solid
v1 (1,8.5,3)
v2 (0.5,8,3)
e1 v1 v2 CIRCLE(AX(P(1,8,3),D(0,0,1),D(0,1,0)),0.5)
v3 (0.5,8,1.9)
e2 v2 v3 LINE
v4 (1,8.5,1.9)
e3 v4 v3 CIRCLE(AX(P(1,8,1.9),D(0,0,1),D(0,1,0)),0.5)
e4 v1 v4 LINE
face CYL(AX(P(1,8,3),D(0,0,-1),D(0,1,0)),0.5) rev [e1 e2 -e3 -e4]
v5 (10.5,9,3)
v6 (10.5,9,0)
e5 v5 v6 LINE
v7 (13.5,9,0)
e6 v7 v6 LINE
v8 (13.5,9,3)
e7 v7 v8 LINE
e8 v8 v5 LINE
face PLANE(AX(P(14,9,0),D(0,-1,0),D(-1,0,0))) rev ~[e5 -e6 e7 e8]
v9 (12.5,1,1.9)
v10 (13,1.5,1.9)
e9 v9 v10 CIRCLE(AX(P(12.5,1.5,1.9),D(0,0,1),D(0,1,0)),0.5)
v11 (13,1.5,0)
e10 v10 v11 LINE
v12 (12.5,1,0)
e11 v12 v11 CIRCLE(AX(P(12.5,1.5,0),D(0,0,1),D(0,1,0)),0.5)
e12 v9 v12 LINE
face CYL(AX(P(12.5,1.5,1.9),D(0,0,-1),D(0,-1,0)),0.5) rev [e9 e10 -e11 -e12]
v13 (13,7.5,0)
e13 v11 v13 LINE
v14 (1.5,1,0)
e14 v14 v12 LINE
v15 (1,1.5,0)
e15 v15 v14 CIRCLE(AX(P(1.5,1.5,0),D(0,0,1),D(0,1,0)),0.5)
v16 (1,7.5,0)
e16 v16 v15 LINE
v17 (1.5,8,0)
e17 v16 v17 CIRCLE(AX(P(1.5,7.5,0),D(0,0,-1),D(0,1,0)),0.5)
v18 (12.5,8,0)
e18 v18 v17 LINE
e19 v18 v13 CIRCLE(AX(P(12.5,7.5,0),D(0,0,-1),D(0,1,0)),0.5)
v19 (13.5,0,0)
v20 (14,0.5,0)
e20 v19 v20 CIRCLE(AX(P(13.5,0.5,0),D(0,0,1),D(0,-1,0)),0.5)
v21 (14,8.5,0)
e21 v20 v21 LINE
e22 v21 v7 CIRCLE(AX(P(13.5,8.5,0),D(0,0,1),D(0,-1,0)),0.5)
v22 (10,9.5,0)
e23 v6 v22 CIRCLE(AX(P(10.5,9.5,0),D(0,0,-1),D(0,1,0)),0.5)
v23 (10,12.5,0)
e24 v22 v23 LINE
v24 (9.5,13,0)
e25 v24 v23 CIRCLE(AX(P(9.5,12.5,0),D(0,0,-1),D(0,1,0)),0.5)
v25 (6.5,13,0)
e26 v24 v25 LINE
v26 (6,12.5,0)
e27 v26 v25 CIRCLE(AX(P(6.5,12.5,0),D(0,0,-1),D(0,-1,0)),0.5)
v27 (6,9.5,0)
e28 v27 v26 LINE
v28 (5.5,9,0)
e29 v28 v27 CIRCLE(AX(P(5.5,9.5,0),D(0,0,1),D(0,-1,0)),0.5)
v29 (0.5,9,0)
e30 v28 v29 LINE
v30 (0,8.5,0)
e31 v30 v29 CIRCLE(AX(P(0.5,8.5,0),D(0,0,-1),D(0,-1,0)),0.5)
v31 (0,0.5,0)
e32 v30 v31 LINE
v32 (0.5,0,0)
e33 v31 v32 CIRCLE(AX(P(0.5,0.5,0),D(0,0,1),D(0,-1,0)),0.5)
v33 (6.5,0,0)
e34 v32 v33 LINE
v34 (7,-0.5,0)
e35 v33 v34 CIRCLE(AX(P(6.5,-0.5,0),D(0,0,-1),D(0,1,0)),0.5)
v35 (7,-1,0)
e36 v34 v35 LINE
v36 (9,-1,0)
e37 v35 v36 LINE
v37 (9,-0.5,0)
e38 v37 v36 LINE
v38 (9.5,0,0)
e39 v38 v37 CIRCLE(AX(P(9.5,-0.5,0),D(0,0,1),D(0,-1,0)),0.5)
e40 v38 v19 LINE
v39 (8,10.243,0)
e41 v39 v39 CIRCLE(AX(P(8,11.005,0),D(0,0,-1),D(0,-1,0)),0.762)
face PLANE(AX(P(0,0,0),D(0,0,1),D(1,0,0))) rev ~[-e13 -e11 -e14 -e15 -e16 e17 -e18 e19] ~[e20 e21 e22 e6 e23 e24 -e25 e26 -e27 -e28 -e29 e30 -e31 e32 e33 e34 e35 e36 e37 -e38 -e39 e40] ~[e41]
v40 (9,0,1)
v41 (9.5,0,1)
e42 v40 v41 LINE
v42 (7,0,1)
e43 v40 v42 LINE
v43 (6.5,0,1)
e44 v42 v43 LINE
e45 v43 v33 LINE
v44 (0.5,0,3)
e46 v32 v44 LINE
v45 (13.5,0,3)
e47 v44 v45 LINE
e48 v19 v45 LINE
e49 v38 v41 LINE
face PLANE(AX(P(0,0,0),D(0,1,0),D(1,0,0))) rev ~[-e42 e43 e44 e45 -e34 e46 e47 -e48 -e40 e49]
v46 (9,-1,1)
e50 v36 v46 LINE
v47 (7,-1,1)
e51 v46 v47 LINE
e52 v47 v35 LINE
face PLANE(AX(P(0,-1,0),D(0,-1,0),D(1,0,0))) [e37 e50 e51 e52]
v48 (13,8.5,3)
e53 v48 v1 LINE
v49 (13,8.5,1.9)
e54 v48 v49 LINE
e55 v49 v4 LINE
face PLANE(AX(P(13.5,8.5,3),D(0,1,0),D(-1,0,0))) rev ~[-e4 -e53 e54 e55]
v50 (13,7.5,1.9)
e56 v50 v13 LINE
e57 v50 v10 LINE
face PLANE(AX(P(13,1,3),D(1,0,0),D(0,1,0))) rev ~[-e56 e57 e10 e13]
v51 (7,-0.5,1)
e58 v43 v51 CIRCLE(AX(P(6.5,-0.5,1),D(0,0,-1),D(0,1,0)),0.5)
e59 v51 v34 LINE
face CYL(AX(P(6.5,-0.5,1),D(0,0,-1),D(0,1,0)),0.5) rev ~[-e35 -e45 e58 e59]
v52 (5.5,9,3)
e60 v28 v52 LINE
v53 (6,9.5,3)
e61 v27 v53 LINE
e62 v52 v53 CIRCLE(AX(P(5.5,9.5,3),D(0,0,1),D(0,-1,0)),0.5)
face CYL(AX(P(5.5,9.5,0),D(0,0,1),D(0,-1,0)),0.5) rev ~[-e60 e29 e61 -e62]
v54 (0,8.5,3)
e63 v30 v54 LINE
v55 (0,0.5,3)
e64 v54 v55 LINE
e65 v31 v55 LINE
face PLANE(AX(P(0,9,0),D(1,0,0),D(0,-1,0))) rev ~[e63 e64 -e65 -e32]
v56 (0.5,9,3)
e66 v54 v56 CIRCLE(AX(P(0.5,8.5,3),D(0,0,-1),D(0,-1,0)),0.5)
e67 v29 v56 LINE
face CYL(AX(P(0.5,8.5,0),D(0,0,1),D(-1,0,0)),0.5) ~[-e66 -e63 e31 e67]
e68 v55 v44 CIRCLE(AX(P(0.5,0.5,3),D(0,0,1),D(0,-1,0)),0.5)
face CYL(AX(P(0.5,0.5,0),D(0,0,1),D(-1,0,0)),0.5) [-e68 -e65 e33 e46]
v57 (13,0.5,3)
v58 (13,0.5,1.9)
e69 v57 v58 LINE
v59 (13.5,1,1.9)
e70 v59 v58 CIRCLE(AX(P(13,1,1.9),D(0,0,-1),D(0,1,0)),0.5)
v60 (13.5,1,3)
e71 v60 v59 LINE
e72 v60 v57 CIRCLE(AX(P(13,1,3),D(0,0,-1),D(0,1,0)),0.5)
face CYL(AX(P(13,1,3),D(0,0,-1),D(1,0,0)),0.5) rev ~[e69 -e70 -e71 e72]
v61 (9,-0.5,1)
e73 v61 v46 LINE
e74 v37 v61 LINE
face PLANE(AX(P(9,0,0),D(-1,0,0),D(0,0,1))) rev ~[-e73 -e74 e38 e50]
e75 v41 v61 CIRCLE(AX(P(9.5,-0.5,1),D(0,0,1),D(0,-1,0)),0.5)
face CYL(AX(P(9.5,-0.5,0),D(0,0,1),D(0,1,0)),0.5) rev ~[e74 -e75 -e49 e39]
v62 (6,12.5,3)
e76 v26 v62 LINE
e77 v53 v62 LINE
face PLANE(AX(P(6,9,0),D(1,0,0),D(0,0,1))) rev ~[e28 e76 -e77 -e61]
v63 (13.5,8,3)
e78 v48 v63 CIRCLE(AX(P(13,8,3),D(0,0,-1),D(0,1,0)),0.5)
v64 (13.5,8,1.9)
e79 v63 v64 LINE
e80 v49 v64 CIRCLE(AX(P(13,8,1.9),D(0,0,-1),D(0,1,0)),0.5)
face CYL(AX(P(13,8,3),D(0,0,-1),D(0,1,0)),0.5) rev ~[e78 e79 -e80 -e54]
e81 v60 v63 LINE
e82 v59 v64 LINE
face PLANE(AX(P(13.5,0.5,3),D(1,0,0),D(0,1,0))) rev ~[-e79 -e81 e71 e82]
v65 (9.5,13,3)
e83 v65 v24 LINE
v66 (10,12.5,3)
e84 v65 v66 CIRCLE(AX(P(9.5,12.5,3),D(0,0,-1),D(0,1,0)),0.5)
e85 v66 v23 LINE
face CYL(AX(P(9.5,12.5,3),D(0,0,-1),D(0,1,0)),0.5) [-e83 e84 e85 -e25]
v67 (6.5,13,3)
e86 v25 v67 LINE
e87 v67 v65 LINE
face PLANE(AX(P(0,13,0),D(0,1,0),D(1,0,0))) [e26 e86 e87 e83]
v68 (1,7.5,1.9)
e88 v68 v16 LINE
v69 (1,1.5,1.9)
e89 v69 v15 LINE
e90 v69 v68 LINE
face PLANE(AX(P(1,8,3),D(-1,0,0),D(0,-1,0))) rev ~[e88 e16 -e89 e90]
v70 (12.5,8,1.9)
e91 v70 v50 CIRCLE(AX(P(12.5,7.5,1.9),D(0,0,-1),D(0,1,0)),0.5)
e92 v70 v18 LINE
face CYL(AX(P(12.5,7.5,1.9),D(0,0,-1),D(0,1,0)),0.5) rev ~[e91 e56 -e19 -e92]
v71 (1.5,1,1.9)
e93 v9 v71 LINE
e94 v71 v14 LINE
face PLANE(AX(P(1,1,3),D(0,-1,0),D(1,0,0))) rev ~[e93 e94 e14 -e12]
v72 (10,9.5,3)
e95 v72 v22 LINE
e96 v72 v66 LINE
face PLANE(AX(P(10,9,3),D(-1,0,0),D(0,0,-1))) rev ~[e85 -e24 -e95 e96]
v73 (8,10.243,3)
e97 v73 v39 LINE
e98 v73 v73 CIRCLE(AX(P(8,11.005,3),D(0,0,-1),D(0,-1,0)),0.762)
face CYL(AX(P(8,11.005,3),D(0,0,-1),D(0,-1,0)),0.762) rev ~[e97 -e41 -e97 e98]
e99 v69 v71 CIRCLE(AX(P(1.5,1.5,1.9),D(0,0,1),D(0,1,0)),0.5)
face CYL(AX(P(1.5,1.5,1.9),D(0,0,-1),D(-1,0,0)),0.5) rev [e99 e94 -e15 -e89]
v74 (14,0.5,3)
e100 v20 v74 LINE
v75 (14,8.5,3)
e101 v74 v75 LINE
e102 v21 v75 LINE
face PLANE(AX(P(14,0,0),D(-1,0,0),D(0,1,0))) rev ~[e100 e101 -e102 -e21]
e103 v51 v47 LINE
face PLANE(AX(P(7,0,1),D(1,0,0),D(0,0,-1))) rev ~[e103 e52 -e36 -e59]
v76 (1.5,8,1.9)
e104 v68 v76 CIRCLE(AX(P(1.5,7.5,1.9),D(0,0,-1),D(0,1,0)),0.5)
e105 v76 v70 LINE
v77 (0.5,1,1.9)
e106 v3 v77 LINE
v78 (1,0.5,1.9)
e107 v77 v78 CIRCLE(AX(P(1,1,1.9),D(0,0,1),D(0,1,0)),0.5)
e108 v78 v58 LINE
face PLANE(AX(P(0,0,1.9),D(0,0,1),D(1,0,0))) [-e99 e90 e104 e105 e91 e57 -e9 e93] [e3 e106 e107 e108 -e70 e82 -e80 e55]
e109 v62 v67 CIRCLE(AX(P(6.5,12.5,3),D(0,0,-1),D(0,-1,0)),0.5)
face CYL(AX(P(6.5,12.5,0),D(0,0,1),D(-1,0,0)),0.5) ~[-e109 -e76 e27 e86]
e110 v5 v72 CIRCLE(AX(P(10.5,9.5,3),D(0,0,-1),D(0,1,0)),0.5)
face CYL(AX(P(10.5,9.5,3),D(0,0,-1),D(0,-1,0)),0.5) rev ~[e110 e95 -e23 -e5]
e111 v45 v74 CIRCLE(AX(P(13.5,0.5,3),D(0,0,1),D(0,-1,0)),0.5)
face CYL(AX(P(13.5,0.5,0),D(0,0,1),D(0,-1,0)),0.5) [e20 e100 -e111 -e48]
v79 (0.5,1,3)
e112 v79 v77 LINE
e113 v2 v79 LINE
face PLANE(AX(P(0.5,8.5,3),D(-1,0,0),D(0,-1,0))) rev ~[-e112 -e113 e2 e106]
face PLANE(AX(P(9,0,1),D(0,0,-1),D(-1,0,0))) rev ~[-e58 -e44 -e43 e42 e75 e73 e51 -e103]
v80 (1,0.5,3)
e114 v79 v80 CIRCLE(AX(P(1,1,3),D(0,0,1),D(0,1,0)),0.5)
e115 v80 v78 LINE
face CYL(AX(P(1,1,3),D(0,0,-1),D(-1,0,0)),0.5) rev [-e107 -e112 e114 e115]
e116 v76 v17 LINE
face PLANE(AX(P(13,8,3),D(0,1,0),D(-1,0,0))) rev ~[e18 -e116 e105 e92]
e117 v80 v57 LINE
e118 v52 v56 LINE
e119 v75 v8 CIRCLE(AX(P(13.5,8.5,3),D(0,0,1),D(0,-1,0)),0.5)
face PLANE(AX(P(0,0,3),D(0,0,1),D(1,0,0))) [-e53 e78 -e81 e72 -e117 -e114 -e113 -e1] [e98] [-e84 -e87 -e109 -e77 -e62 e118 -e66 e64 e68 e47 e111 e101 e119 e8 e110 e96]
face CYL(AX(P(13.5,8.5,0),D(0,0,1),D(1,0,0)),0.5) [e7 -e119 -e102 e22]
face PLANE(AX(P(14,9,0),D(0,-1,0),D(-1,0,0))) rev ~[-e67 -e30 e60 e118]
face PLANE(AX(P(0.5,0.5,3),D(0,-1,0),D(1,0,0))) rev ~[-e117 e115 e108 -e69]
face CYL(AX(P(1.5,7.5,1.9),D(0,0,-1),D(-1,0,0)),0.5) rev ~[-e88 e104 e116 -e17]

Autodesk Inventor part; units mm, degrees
ref_plane "YZ Plane" through (0, 0, 0) normal (1, 0, 0) x (0, 1, 0)
ref_plane "XZ Plane" through (0, 0, 0) normal (0, 1, 0) x (-1, 0, 0)
ref_plane "XY Plane" through (0, 0, 0) normal (0, 0, 1) x (1, 0, 0)
sketch "Sketch1" plane through (0, 0, 0) normal (0, 0, 1) x (1, 0, 0)
  line L0 (0, 0) -> (14, 0)
  line L1 (14, 0) -> (14, 9)
  line L2 (14, 9) -> (0, 9)
  line L3 (0, 9) -> (0, 0)
  dimension "d0" = 14
  dimension "d1" = 9
extrude "Extrusion1" add sketch "Sketch1" along normal blind 3
sketch "Sketch2" plane through (0, 0, 3) normal (0, 0, 1) x (1, 0, 0)
  line L0 (1, 1) -> (13, 1)
  line L1 (13, 1) -> (13, 8)
  line L2 (13, 8) -> (1, 8)
  line L3 (1, 8) -> (1, 1)
  dimension "d4" = 12
  dimension "d5" = 7
extrude "Extrusion2" cut sketch "Sketch2" against normal through all
sketch "Sketch3" plane through (0, 9, 0) normal (0, 1, 0) x (1, 0, 0)
  line L0 (0, -3) -> (14, -3) projected
  line L1 (14, 0) -> (0, 0) projected
  line L2 (0, 0) -> (0, -3) projected
  line L3 (6, -3) -> (10, -3)
  line L4 (10, -3) -> (10, 0)
  line L5 (10, 0) -> (6, 0)
  line L6 (6, 0) -> (6, -3)
  dimension "d13" = 4
  dimension "d14" = 6
extrude "Extrusion3" add sketch "Sketch3" along normal blind 4 contours L6 L1 L4 L0
sketch "Sketch5" plane through (0, 0, 3) normal (0, 0, 1) x (1, 0, 0)
  line L0 (13, 8) -> (13, 1) projected
  line L1 (13, 1) -> (1, 1) projected
  line L2 (1, 1) -> (1, 8) projected
  line L3 (1, 8) -> (13, 8) projected
  line L4 (0.5, 8.5) -> (0.5, 0.5)
  line L5 (0.5, 0.5) -> (13.5, 0.5)
  line L6 (13.5, 0.5) -> (13.5, 8.5)
  line L7 (13.5, 8.5) -> (0.5, 8.5)
  point P0 (14, 1)
  dimension "d17" = 0.5
extrude "Extrusion4" cut sketch "Sketch5" against normal blind 1.1
sketch "Sketch6" plane through (0, 0, 3) normal (0, 0, 1) x (1, 0, 0)
  line L0 (10, 9) -> (10, 13) projected
  line L1 (10, 13) -> (6, 13) projected
  line L2 (6, 9) -> (6, 13) projected
  line L3 (6, 11) -> (10, 11) construction
  line L4 (8, 13) -> (8, 9) construction
  point P0 (8, 11.005)
hole "Hole1" at (8, 11.005, 3) direction (0, 0, -1) diameter 1.524 end through all
thread "Thread1" size "0-80 UNF" class "2B" standard "ANSI Unified Screw Threads" full length
sketch "Sketch7" plane through (0, 0, 0) normal (0, -1, 0) x (1, 0, 0)
  line L0 (0, 0) -> (0, 3) projected
  line L1 (0, 0) -> (14, 0) projected
  line L2 (7, 0) -> (9, 0)
  line L3 (9, 0) -> (9, 1)
  line L4 (9, 1) -> (7, 1)
  line L5 (7, 1) -> (7, 0)
  dimension "d29" = 2
  dimension "d30" = 1
  dimension "d31" = 7
extrude "Extrusion5" add sketch "Sketch7" along normal blind 1
fillet "Fillet1" radius 0.5 18 edges at (0.5, 0.5, 2.45) (1, 1, 0.95) (1, 8, 0.95) (0.5, 8.5, 2.45) (13, 8, 0.95) (13.5, 8.5, 2.45) (13, 1, 0.95) (13.5, 0.5, 2.45) (14, 0, 1.5) (9, 0, 0.5) (0, 0, 1.5) (7, 0, 0.5) (0, 9, 1.5) (6, 9, 1.5) (6, 13, 1.5) (10, 13, 1.5) (10, 9, 1.5) (14, 9, 1.5)
properties part number "base"
